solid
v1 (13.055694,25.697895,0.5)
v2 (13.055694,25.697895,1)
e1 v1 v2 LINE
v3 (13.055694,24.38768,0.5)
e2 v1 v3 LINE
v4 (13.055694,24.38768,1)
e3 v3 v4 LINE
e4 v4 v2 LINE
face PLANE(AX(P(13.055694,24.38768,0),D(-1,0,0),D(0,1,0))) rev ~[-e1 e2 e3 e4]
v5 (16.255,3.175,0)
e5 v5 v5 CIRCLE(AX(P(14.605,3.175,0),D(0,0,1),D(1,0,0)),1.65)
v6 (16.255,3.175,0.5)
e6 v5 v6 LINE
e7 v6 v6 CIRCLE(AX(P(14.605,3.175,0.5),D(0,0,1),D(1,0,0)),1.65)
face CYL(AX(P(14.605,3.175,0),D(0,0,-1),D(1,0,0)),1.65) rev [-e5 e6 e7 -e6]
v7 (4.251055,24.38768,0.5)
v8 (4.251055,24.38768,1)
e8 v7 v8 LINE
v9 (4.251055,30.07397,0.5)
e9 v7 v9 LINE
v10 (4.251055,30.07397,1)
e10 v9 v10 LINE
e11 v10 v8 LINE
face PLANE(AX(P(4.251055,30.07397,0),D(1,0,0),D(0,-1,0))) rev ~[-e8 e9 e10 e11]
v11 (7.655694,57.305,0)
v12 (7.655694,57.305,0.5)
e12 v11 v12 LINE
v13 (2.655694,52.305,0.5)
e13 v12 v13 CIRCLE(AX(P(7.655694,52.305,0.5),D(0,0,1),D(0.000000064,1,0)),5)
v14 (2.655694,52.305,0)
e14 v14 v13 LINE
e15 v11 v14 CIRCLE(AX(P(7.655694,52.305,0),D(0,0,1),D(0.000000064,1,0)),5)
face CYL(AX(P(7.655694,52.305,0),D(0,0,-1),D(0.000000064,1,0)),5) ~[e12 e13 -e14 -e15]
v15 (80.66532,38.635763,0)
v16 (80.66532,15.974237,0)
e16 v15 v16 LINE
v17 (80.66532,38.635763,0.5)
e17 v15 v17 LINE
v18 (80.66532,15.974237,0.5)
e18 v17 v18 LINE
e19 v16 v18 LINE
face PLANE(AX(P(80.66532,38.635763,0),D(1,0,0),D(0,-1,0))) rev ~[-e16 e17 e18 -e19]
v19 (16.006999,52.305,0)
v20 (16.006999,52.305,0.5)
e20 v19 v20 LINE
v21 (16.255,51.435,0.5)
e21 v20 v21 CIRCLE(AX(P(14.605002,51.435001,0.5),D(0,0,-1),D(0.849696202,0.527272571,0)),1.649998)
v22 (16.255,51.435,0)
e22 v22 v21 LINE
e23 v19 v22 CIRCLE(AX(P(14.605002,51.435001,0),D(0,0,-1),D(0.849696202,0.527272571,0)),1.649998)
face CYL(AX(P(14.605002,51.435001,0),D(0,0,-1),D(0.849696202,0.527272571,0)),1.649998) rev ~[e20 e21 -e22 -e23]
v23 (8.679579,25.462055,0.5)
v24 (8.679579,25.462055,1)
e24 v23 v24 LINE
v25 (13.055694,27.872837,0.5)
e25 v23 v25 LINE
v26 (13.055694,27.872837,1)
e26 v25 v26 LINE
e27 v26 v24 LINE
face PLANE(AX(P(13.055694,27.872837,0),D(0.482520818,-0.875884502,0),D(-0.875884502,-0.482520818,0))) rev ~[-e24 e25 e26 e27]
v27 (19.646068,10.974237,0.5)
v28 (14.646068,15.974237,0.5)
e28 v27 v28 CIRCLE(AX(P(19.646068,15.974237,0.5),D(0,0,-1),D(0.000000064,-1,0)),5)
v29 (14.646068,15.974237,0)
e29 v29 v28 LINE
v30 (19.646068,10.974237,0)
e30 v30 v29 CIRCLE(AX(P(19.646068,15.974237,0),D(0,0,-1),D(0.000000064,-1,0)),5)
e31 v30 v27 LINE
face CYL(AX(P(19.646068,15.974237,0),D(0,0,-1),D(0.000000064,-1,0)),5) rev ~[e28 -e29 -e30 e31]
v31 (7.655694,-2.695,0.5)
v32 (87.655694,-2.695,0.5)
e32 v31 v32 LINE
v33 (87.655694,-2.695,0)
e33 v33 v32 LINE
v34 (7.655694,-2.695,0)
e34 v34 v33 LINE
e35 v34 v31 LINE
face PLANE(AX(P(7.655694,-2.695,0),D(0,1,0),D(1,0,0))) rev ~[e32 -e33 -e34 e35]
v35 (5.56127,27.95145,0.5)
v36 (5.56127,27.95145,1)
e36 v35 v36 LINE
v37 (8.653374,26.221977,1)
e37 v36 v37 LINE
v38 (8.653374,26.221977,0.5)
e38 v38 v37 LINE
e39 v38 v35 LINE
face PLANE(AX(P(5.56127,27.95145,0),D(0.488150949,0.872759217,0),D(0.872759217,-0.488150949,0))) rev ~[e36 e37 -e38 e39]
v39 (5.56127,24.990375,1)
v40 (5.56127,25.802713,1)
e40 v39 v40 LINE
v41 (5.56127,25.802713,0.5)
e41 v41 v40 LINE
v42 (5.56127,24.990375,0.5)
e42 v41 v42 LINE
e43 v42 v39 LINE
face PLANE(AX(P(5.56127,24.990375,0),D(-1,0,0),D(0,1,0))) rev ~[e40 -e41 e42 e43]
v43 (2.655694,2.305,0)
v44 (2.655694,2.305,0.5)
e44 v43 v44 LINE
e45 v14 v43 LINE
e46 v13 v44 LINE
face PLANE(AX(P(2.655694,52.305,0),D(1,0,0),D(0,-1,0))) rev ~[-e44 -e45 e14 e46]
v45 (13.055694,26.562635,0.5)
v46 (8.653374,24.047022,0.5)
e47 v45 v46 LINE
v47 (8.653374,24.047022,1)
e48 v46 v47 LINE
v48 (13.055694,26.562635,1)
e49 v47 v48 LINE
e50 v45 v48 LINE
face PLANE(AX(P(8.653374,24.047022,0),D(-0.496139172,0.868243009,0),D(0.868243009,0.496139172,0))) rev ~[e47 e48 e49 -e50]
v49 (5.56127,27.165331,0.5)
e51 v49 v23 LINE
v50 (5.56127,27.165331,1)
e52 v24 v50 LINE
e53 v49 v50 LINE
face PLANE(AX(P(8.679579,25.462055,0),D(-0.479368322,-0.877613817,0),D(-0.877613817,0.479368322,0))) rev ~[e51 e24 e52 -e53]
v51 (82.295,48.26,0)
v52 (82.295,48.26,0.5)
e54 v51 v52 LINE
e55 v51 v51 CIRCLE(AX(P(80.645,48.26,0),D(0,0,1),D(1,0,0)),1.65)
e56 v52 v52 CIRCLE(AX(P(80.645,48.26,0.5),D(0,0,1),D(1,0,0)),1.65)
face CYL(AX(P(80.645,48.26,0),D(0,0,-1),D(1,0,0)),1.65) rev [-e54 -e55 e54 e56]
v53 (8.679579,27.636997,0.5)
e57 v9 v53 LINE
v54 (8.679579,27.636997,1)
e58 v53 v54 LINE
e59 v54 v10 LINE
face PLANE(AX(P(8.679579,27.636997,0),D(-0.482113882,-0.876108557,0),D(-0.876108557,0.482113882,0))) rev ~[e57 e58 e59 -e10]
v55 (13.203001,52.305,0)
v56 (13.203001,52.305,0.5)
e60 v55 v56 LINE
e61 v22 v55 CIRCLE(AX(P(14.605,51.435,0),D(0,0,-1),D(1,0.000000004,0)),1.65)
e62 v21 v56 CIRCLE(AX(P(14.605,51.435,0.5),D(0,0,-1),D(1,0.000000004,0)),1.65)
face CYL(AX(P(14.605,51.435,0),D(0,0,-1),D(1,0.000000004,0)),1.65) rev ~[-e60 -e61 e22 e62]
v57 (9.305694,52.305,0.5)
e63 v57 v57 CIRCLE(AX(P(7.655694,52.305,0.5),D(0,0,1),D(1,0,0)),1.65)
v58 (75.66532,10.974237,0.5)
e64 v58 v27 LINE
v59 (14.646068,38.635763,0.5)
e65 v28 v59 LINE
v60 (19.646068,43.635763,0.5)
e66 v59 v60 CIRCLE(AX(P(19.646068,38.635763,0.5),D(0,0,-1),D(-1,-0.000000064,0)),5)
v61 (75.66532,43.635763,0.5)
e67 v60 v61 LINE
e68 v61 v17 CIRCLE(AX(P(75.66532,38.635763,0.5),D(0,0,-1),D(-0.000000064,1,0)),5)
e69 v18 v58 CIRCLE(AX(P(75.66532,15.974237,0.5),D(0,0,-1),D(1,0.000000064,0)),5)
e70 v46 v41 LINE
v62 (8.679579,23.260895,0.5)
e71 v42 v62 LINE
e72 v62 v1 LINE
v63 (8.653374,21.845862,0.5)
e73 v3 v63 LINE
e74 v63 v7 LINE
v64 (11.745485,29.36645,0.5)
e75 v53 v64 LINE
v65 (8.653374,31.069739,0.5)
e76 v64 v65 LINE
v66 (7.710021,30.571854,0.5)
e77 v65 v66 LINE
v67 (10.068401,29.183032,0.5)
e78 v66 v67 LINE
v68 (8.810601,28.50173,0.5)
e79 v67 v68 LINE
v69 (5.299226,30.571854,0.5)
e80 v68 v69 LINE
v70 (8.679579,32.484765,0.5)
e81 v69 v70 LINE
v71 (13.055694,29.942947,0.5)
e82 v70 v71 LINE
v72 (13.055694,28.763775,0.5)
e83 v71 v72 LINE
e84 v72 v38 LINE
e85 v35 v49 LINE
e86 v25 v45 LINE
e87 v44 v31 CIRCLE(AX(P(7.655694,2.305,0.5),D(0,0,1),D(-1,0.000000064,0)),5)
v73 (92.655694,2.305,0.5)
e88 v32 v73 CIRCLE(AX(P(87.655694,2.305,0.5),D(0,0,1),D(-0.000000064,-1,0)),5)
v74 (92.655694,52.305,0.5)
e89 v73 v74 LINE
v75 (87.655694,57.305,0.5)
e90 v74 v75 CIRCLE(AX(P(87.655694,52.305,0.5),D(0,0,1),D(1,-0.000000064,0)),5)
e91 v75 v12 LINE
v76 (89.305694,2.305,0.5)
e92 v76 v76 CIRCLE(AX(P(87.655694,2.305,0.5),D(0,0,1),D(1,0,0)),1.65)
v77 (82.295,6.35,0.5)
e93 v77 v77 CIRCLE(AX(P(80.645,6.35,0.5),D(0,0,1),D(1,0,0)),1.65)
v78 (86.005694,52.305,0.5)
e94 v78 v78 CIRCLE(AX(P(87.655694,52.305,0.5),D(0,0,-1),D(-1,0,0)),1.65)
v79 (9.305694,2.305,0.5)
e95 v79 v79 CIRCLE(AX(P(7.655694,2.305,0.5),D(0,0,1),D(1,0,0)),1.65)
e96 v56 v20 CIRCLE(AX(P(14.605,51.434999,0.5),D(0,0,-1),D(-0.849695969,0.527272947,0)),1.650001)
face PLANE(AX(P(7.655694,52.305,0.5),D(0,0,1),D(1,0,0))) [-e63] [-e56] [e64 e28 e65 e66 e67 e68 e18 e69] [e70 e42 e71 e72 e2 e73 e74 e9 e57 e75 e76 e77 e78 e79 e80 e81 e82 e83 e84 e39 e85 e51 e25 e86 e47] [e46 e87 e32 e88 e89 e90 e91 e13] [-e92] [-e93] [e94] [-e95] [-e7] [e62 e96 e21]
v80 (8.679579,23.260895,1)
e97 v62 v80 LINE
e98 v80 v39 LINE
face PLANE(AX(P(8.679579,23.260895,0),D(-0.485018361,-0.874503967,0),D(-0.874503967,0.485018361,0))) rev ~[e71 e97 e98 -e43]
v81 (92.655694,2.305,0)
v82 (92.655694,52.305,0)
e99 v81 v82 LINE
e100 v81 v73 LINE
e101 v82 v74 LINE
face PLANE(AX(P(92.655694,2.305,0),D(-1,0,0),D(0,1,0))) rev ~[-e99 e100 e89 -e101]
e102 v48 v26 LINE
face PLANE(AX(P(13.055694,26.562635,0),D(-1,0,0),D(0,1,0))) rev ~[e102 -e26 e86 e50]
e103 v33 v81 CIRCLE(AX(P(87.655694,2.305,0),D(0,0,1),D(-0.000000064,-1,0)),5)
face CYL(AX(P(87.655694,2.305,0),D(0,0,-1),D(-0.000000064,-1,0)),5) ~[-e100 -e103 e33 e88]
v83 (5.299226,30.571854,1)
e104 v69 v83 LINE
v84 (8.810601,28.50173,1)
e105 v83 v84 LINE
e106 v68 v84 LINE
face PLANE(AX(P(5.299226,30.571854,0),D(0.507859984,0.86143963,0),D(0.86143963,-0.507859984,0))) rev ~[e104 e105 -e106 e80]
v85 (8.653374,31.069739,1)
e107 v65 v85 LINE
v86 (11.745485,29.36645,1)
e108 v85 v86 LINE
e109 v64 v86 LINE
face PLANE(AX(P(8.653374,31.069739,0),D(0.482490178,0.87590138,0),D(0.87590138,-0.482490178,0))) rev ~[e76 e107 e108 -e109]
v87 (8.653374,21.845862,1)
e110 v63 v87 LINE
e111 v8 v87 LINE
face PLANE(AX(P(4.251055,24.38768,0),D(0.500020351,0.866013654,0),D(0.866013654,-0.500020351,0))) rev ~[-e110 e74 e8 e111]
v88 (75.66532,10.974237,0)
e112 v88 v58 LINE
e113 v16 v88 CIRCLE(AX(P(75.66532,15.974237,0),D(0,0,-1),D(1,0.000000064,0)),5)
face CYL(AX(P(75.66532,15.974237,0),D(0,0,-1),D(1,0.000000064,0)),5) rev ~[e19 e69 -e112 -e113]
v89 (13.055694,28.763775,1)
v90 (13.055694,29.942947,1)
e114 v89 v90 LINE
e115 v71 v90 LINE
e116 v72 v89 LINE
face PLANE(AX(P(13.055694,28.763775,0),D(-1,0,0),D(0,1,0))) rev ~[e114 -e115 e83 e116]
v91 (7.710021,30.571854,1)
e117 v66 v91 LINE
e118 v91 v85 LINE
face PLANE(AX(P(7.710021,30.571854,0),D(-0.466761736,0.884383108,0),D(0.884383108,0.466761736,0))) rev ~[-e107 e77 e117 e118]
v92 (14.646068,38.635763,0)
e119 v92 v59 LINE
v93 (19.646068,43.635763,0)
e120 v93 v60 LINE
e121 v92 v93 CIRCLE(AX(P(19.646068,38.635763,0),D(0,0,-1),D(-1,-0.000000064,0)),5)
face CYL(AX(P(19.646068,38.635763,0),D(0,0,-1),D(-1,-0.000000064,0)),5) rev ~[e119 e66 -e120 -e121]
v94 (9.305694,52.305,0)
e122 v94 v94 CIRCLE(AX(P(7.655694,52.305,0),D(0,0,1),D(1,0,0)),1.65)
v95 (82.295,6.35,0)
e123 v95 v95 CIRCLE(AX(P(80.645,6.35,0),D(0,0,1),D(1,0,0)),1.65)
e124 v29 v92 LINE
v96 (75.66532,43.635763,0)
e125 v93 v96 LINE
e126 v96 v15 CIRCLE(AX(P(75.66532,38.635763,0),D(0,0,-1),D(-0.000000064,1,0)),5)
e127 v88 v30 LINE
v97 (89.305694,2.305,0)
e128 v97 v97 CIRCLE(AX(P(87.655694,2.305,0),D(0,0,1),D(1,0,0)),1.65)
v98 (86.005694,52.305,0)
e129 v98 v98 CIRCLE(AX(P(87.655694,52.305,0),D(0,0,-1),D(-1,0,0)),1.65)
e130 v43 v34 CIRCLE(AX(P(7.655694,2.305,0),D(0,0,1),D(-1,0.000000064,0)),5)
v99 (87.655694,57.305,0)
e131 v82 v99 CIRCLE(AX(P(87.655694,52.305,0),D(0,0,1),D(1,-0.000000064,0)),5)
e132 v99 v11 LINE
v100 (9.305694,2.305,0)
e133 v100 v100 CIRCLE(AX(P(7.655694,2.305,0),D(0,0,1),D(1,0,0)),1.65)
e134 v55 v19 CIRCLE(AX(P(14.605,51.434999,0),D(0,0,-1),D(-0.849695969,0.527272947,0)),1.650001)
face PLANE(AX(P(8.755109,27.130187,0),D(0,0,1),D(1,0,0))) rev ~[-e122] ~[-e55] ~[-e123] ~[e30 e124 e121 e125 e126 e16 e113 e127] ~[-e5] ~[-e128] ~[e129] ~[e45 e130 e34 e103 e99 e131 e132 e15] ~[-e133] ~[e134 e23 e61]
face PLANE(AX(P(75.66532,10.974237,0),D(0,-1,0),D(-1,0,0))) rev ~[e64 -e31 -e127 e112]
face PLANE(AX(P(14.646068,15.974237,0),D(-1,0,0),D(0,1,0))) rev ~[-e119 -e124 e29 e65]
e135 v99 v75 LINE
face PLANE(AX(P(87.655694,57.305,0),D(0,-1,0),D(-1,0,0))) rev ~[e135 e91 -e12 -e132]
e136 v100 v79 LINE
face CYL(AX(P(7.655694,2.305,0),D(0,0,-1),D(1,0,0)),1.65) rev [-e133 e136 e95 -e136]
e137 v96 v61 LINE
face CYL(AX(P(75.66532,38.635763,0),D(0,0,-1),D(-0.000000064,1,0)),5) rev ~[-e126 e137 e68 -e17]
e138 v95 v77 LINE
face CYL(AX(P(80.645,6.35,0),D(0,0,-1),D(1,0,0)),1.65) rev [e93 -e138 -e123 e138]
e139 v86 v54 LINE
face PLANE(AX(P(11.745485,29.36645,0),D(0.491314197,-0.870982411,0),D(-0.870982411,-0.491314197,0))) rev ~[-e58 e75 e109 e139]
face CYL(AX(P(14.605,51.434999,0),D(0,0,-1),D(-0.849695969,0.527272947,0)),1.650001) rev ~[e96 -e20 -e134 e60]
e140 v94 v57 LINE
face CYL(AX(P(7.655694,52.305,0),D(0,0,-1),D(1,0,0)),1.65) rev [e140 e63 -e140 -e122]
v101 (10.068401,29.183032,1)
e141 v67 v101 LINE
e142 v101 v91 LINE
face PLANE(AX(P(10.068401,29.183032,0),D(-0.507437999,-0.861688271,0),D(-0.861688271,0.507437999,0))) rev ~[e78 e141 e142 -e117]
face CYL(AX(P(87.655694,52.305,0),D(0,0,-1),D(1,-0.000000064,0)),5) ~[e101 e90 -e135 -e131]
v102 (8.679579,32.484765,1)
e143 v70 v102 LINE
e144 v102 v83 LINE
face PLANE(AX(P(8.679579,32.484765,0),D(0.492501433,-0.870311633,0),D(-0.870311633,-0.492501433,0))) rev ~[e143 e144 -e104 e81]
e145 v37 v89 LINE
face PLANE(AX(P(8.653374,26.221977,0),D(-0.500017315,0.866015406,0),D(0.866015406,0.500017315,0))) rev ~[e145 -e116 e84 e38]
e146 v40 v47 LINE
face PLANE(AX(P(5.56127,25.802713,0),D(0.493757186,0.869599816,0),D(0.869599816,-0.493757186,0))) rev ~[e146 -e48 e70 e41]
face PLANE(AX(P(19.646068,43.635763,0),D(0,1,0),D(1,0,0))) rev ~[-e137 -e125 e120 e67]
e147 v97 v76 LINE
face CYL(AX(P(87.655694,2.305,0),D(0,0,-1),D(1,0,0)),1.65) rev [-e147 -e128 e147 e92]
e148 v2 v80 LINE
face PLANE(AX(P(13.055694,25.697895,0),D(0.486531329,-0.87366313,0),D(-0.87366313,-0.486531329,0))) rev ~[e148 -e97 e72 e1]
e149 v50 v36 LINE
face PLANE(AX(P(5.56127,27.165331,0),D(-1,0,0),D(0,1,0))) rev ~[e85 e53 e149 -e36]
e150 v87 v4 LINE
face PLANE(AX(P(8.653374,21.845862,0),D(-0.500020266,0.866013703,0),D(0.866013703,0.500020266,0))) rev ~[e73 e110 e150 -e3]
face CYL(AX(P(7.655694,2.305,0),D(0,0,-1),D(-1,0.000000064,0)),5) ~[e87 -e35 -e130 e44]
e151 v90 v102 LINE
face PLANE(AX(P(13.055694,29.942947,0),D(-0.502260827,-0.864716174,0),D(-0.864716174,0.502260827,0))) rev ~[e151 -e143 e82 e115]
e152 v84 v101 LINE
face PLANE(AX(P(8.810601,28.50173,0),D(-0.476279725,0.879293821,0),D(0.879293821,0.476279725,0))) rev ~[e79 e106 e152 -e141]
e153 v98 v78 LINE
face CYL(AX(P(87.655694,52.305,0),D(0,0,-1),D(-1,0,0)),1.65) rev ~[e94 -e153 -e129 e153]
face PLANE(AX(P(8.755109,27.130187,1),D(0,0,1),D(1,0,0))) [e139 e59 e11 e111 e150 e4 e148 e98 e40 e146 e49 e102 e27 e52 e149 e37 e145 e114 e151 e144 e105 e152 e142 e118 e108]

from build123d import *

# Parameters (mm, degrees)
F0_R     = 1.65
F1_DEPTH = 0.5
F2_DEPTH = 1


with BuildPart() as f1:
    # F0 (on Top) → F1 (new body)
    with BuildSketch(Plane.XY):
        with Locations((7.655694, 52.305)):
            Circle(F0_R)
        with BuildLine():
            ThreePointArc((89.305694, 52.305), (87.655694, 53.955), (86.005694, 52.305))
            ThreePointArc((86.005694, 52.305), (87.655694, 50.655), (89.305694, 52.305))
        make_face()
        with BuildLine():
            ThreePointArc((92.655694, 52.305), (91.191228, 55.840534), (87.655694, 57.305))
            Line((87.655694, 57.305), (7.655694, 57.305))
            ThreePointArc((7.655694, 57.305), (4.12016, 55.840534), (2.655694, 52.305))
            Line((2.655694, 52.305), (2.655694, 2.305))
            ThreePointArc((2.655694, 2.305), (4.12016, -1.230534), (7.655694, -2.695))
            Line((7.655694, -2.695), (87.655694, -2.695))
            ThreePointArc((87.655694, -2.695), (91.191228, -1.230534), (92.655694, 2.305))
            Line((92.655694, 2.305), (92.655694, 52.305))
        make_face()
        with Locations((7.655694, 2.305)):
            Circle(F0_R, mode=Mode.SUBTRACT)
        with Locations((14.605, 3.175)):
            Circle(F0_R, mode=Mode.SUBTRACT)
        Polygon((8.679579, 23.260895), (13.055694, 25.697895), (13.055694, 24.38768), (8.653374, 21.845862), (4.251055, 24.38768), (4.251055, 30.07397), (8.679579, 27.636997), (11.745485, 29.36645), (8.653374, 31.069739), (7.710021, 30.571854), (10.068401, 29.183032), (8.810601, 28.50173), (5.299226, 30.571854), (8.679579, 32.484765), (13.055694, 29.942947), (13.055694, 28.763775), (8.653374, 26.221977), (5.56127, 27.95145), (5.56127, 27.165331), (8.679579, 25.462055), (13.055694, 27.872837), (13.055694, 26.562635), (8.653374, 24.047022), (5.56127, 25.802713), (5.56127, 24.990375), align=None, mode=Mode.SUBTRACT)
        with Locations((87.655694, 2.305)):
            Circle(F0_R, mode=Mode.SUBTRACT)
        with Locations((80.645, 6.35)):
            Circle(F0_R, mode=Mode.SUBTRACT)
        with BuildLine():
            Line((19.646068, 43.635763), (75.66532, 43.635763))
            ThreePointArc((75.66532, 43.635763), (79.200854, 42.171297), (80.66532, 38.635763))
            Line((80.66532, 38.635763), (80.66532, 15.974237))
            ThreePointArc((80.66532, 15.974237), (79.200854, 12.438703), (75.66532, 10.974237))
            Line((75.66532, 10.974237), (19.646068, 10.974237))
            ThreePointArc((19.646068, 10.974237), (16.110534, 12.438703), (14.646068, 15.974237))
            Line((14.646068, 15.974237), (14.646068, 38.635763))
            ThreePointArc((14.646068, 38.635763), (16.110534, 42.171297), (19.646068, 43.635763))
        make_face(mode=Mode.SUBTRACT)
        with Locations((7.655694, 52.305)):
            Circle(F0_R, mode=Mode.SUBTRACT)
        with BuildLine():
            ThreePointArc((16.006999, 52.305), (16.191789, 51.887329), (16.255, 51.435))
            ThreePointArc((16.255, 51.435), (14.152671, 49.848211), (13.203001, 52.305))
            ThreePointArc((13.203001, 52.305), (14.605, 53.085), (16.006999, 52.305))
        make_face(mode=Mode.SUBTRACT)
        with Locations((80.645, 48.26)):
            Circle(F0_R, mode=Mode.SUBTRACT)
        with BuildLine():
            ThreePointArc((89.305694, 52.305), (87.655694, 50.655), (86.005694, 52.305))
            ThreePointArc((86.005694, 52.305), (87.655694, 53.955), (89.305694, 52.305))
        make_face(mode=Mode.SUBTRACT)
        Polygon((13.055694, 24.38768), (13.055694, 25.697895), (8.679579, 23.260895), (5.56127, 24.990375), (5.56127, 25.802713), (8.653374, 24.047022), (13.055694, 26.562635), (13.055694, 27.872837), (8.679579, 25.462055), (5.56127, 27.165331), (5.56127, 27.95145), (8.653374, 26.221977), (13.055694, 28.763775), (13.055694, 29.942947), (8.679579, 32.484765), (5.299226, 30.571854), (8.810601, 28.50173), (10.068401, 29.183032), (7.710021, 30.571854), (8.653374, 31.069739), (11.745485, 29.36645), (8.679579, 27.636997), (4.251055, 30.07397), (4.251055, 24.38768), (8.653374, 21.845862), align=None)
    extrude(amount=F1_DEPTH)

    # F0 (on Top) → F2 (join)
    with BuildSketch(Plane.XY):
        Polygon((13.055694, 24.38768), (13.055694, 25.697895), (8.679579, 23.260895), (5.56127, 24.990375), (5.56127, 25.802713), (8.653374, 24.047022), (13.055694, 26.562635), (13.055694, 27.872837), (8.679579, 25.462055), (5.56127, 27.165331), (5.56127, 27.95145), (8.653374, 26.221977), (13.055694, 28.763775), (13.055694, 29.942947), (8.679579, 32.484765), (5.299226, 30.571854), (8.810601, 28.50173), (10.068401, 29.183032), (7.710021, 30.571854), (8.653374, 31.069739), (11.745485, 29.36645), (8.679579, 27.636997), (4.251055, 30.07397), (4.251055, 24.38768), (8.653374, 21.845862), align=None)
    extrude(amount=F2_DEPTH)


solid = f1.part
